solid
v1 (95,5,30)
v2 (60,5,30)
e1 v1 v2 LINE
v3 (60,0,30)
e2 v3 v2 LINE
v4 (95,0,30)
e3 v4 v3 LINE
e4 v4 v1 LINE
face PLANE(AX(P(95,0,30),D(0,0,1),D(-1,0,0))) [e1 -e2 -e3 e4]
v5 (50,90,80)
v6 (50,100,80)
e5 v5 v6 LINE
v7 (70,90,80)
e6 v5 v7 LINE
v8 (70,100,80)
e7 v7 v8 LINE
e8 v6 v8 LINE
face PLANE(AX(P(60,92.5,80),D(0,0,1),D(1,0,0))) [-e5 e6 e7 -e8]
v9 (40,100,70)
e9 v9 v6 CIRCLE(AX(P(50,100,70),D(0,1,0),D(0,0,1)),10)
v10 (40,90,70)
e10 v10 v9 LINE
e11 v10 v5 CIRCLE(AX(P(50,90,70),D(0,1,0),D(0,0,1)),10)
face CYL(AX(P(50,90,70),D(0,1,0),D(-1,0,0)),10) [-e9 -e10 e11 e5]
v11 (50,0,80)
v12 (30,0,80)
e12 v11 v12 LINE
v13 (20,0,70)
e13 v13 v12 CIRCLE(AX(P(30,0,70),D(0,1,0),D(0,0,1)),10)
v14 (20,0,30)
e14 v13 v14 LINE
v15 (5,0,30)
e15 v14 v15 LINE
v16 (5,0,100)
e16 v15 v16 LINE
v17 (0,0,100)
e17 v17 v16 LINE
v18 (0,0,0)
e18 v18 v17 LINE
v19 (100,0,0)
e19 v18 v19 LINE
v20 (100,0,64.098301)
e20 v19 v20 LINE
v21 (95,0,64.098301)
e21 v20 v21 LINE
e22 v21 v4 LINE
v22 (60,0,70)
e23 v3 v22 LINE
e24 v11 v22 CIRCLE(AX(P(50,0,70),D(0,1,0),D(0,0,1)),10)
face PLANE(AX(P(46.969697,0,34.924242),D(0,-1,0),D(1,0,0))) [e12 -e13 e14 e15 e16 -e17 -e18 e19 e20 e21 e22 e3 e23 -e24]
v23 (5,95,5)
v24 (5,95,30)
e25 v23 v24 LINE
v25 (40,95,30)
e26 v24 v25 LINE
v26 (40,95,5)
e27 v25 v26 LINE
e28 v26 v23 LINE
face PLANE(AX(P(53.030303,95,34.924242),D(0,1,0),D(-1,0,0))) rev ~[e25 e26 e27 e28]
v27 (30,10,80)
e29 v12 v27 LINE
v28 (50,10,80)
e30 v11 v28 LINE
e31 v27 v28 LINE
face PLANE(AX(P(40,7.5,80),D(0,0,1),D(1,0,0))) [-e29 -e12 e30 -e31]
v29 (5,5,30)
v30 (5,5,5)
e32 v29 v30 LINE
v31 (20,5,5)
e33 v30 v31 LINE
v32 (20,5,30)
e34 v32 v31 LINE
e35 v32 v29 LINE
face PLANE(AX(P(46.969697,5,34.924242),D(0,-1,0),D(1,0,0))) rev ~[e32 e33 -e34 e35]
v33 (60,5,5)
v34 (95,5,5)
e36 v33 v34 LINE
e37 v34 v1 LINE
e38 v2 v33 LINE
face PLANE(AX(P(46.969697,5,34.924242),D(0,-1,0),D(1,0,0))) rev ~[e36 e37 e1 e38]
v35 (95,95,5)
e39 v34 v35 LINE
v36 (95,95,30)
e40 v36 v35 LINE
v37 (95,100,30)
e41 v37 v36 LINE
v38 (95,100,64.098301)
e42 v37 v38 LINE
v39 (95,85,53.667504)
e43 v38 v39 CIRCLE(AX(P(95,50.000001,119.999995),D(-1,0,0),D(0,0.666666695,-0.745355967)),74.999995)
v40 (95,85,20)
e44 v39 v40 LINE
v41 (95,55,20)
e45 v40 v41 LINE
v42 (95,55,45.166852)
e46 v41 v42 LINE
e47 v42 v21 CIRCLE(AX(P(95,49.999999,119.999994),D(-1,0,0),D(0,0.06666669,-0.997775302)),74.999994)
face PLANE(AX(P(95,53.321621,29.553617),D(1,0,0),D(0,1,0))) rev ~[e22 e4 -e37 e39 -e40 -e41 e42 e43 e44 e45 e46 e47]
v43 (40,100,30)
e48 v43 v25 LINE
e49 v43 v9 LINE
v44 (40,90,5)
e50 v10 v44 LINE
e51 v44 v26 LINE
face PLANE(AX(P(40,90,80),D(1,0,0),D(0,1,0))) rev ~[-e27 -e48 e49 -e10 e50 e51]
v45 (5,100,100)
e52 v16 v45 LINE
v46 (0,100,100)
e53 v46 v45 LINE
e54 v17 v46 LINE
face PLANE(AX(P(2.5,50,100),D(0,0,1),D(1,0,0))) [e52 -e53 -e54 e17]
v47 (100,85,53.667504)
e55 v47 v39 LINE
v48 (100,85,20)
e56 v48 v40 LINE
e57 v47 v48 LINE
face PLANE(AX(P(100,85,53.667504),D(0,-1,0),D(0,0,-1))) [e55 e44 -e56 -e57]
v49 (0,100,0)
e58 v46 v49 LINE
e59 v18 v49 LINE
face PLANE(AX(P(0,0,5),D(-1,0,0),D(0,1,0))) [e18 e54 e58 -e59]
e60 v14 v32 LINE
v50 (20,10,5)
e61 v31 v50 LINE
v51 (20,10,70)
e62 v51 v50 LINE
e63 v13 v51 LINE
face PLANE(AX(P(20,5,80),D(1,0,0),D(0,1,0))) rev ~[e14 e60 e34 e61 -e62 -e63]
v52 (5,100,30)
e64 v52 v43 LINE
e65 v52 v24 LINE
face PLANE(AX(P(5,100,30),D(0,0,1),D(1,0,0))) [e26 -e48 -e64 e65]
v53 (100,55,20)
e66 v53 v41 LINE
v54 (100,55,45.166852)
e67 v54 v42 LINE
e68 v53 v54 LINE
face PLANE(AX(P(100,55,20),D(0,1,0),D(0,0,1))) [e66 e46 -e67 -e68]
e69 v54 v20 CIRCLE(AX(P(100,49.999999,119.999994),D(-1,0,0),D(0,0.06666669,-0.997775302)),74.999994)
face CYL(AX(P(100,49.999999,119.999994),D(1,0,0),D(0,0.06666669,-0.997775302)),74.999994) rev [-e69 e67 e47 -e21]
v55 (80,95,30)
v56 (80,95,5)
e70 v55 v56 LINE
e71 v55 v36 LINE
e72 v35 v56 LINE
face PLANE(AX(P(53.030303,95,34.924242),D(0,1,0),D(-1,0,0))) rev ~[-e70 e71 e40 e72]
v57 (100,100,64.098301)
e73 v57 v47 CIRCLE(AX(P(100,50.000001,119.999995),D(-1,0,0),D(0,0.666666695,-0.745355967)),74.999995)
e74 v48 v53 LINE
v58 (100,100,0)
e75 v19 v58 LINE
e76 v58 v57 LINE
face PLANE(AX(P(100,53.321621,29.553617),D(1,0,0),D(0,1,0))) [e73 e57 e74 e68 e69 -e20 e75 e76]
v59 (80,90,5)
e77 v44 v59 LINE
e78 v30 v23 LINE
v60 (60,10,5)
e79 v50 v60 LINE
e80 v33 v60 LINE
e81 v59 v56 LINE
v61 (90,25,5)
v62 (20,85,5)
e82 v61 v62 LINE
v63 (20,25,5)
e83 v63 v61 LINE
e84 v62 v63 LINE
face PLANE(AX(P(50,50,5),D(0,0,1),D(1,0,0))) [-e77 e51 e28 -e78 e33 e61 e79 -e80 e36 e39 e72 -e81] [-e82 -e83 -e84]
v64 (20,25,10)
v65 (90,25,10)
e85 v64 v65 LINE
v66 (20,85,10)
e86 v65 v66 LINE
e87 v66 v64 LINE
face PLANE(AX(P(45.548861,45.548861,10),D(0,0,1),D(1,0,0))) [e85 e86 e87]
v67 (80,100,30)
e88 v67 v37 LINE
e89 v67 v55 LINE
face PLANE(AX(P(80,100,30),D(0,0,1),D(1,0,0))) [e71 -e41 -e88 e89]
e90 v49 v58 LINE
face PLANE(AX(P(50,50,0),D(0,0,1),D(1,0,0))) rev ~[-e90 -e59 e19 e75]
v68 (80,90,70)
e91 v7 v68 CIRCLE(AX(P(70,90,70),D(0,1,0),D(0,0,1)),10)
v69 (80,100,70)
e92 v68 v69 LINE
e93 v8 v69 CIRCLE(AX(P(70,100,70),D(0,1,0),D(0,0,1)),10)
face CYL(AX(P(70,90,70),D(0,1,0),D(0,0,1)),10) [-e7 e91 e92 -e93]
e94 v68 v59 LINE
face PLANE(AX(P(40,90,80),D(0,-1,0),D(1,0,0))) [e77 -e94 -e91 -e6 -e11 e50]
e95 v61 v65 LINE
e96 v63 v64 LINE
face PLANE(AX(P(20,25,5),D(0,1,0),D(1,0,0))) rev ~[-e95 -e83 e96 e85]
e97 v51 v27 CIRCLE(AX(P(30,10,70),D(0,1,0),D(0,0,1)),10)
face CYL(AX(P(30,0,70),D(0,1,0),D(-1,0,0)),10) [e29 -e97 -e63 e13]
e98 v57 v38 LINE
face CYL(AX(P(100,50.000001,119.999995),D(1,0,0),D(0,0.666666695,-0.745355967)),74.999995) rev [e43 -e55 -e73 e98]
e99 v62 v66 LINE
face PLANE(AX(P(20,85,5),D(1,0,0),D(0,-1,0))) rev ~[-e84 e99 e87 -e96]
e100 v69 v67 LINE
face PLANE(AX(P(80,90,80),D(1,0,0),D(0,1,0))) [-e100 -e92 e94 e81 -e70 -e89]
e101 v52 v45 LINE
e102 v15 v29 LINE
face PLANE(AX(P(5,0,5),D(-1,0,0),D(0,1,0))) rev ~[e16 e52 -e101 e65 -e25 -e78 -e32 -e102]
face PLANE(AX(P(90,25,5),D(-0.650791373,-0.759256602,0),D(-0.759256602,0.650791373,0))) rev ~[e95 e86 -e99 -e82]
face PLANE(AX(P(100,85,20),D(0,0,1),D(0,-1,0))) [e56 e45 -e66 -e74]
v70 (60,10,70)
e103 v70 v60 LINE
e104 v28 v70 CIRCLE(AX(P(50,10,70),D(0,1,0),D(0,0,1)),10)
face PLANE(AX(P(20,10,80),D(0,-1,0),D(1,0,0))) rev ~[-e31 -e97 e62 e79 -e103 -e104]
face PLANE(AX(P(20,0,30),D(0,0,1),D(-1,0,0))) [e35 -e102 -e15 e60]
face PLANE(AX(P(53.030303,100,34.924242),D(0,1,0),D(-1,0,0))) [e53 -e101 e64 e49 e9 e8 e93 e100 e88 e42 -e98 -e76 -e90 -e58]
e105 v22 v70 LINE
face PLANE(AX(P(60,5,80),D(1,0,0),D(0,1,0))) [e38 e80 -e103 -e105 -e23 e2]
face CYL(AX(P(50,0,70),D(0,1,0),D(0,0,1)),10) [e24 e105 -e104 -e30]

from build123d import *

# Parameters (mm, degrees)
F0_W      = 100
F0_H      = 100
F1_DEPTH  = 5
F2_W      = 5
F2_H      = 100
F3_DEPTH  = 95
F5_DEPTH  = 5
F7_DEPTH  = 5
F9_DEPTH  = 5
F11_DEPTH = 5
F12_W     = 40
F12_H     = 5
F13_DEPTH = 75
F14_W     = 40
F14_H     = 5
F15_DEPTH = 75
F16_R     = 10


with BuildPart() as f1:
    # F0 (on Top) → F1 (new body)
    with BuildSketch(Plane.XY):
        with Locations((50, 50)):
            Rectangle(F0_W, F0_H)
    extrude(amount=F1_DEPTH)

    # F2 (on face) → F3 (join)
    with BuildSketch(Plane.XY.offset(5)):
        with Locations((2.5, 50)):
            Rectangle(F2_W, F2_H)
    extrude(amount=F3_DEPTH)

    # F4 (on face) → F5 (join)
    with BuildSketch(Plane.XY.offset(5)):
        Polygon((90, 25), (20, 85), (20, 25), align=None)
    extrude(amount=F5_DEPTH)

    # F6 (on face) → F7 (join)
    with BuildSketch(Plane.YZ.offset(100)):
        with BuildLine():
            Line((0, 64.098301), (0, 5))
            Line((0, 5), (100, 5))
            Line((100, 5), (100, 64.098301))
            ThreePointArc((100, 64.098301), (92.818809, 58.42444), (85, 53.667504))
            Line((85, 53.667504), (85, 20))
            Line((85, 20), (55, 20))
            Line((55, 20), (55, 45.166852))
            ThreePointArc((55, 45.166852), (25.589962, 49.083499), (0, 64.098301))
        make_face()
    extrude(amount=-F7_DEPTH)

    # F8 (on face) → F9 (join)
    with BuildSketch(Plane.XZ):
        Polygon((5, 30), (5, 5), (95, 5), (95, 30), (60, 30), (60, 80), (20, 80), (20, 30), align=None)
    extrude(amount=-F9_DEPTH)

    # F10 (on face) → F11 (join)
    with BuildSketch(Plane(origin=(0, 100, 0), x_dir=(-1, 0, 0), z_dir=(0, 1, 0))):
        Polygon((-95, 5), (-5, 5), (-5, 30), (-40, 30), (-40, 80), (-80, 80), (-80, 30), (-95, 30), align=None)
    extrude(amount=-F11_DEPTH)

    # F12 (on face) → F13 (join, through all)
    with BuildSketch(Plane.XY.offset(80)):
        with Locations((40, 7.5)):
            Rectangle(F12_W, F12_H)
    extrude(amount=-F13_DEPTH)

    # F14 (on face) → F15 (join, through all)
    with BuildSketch(Plane.XY.offset(80)):
        with Locations((60, 92.5)):
            Rectangle(F14_W, F14_H)
    extrude(amount=-F15_DEPTH)

    # F16
    f16_edges = [f1.edges().sort_by_distance(p)[0] for p in [
        (60, 5, 80),
        (20, 5, 80),
        (80, 95, 80),
        (40, 95, 80),
    ]]
    fillet(f16_edges, radius=F16_R)


solid = f1.part
